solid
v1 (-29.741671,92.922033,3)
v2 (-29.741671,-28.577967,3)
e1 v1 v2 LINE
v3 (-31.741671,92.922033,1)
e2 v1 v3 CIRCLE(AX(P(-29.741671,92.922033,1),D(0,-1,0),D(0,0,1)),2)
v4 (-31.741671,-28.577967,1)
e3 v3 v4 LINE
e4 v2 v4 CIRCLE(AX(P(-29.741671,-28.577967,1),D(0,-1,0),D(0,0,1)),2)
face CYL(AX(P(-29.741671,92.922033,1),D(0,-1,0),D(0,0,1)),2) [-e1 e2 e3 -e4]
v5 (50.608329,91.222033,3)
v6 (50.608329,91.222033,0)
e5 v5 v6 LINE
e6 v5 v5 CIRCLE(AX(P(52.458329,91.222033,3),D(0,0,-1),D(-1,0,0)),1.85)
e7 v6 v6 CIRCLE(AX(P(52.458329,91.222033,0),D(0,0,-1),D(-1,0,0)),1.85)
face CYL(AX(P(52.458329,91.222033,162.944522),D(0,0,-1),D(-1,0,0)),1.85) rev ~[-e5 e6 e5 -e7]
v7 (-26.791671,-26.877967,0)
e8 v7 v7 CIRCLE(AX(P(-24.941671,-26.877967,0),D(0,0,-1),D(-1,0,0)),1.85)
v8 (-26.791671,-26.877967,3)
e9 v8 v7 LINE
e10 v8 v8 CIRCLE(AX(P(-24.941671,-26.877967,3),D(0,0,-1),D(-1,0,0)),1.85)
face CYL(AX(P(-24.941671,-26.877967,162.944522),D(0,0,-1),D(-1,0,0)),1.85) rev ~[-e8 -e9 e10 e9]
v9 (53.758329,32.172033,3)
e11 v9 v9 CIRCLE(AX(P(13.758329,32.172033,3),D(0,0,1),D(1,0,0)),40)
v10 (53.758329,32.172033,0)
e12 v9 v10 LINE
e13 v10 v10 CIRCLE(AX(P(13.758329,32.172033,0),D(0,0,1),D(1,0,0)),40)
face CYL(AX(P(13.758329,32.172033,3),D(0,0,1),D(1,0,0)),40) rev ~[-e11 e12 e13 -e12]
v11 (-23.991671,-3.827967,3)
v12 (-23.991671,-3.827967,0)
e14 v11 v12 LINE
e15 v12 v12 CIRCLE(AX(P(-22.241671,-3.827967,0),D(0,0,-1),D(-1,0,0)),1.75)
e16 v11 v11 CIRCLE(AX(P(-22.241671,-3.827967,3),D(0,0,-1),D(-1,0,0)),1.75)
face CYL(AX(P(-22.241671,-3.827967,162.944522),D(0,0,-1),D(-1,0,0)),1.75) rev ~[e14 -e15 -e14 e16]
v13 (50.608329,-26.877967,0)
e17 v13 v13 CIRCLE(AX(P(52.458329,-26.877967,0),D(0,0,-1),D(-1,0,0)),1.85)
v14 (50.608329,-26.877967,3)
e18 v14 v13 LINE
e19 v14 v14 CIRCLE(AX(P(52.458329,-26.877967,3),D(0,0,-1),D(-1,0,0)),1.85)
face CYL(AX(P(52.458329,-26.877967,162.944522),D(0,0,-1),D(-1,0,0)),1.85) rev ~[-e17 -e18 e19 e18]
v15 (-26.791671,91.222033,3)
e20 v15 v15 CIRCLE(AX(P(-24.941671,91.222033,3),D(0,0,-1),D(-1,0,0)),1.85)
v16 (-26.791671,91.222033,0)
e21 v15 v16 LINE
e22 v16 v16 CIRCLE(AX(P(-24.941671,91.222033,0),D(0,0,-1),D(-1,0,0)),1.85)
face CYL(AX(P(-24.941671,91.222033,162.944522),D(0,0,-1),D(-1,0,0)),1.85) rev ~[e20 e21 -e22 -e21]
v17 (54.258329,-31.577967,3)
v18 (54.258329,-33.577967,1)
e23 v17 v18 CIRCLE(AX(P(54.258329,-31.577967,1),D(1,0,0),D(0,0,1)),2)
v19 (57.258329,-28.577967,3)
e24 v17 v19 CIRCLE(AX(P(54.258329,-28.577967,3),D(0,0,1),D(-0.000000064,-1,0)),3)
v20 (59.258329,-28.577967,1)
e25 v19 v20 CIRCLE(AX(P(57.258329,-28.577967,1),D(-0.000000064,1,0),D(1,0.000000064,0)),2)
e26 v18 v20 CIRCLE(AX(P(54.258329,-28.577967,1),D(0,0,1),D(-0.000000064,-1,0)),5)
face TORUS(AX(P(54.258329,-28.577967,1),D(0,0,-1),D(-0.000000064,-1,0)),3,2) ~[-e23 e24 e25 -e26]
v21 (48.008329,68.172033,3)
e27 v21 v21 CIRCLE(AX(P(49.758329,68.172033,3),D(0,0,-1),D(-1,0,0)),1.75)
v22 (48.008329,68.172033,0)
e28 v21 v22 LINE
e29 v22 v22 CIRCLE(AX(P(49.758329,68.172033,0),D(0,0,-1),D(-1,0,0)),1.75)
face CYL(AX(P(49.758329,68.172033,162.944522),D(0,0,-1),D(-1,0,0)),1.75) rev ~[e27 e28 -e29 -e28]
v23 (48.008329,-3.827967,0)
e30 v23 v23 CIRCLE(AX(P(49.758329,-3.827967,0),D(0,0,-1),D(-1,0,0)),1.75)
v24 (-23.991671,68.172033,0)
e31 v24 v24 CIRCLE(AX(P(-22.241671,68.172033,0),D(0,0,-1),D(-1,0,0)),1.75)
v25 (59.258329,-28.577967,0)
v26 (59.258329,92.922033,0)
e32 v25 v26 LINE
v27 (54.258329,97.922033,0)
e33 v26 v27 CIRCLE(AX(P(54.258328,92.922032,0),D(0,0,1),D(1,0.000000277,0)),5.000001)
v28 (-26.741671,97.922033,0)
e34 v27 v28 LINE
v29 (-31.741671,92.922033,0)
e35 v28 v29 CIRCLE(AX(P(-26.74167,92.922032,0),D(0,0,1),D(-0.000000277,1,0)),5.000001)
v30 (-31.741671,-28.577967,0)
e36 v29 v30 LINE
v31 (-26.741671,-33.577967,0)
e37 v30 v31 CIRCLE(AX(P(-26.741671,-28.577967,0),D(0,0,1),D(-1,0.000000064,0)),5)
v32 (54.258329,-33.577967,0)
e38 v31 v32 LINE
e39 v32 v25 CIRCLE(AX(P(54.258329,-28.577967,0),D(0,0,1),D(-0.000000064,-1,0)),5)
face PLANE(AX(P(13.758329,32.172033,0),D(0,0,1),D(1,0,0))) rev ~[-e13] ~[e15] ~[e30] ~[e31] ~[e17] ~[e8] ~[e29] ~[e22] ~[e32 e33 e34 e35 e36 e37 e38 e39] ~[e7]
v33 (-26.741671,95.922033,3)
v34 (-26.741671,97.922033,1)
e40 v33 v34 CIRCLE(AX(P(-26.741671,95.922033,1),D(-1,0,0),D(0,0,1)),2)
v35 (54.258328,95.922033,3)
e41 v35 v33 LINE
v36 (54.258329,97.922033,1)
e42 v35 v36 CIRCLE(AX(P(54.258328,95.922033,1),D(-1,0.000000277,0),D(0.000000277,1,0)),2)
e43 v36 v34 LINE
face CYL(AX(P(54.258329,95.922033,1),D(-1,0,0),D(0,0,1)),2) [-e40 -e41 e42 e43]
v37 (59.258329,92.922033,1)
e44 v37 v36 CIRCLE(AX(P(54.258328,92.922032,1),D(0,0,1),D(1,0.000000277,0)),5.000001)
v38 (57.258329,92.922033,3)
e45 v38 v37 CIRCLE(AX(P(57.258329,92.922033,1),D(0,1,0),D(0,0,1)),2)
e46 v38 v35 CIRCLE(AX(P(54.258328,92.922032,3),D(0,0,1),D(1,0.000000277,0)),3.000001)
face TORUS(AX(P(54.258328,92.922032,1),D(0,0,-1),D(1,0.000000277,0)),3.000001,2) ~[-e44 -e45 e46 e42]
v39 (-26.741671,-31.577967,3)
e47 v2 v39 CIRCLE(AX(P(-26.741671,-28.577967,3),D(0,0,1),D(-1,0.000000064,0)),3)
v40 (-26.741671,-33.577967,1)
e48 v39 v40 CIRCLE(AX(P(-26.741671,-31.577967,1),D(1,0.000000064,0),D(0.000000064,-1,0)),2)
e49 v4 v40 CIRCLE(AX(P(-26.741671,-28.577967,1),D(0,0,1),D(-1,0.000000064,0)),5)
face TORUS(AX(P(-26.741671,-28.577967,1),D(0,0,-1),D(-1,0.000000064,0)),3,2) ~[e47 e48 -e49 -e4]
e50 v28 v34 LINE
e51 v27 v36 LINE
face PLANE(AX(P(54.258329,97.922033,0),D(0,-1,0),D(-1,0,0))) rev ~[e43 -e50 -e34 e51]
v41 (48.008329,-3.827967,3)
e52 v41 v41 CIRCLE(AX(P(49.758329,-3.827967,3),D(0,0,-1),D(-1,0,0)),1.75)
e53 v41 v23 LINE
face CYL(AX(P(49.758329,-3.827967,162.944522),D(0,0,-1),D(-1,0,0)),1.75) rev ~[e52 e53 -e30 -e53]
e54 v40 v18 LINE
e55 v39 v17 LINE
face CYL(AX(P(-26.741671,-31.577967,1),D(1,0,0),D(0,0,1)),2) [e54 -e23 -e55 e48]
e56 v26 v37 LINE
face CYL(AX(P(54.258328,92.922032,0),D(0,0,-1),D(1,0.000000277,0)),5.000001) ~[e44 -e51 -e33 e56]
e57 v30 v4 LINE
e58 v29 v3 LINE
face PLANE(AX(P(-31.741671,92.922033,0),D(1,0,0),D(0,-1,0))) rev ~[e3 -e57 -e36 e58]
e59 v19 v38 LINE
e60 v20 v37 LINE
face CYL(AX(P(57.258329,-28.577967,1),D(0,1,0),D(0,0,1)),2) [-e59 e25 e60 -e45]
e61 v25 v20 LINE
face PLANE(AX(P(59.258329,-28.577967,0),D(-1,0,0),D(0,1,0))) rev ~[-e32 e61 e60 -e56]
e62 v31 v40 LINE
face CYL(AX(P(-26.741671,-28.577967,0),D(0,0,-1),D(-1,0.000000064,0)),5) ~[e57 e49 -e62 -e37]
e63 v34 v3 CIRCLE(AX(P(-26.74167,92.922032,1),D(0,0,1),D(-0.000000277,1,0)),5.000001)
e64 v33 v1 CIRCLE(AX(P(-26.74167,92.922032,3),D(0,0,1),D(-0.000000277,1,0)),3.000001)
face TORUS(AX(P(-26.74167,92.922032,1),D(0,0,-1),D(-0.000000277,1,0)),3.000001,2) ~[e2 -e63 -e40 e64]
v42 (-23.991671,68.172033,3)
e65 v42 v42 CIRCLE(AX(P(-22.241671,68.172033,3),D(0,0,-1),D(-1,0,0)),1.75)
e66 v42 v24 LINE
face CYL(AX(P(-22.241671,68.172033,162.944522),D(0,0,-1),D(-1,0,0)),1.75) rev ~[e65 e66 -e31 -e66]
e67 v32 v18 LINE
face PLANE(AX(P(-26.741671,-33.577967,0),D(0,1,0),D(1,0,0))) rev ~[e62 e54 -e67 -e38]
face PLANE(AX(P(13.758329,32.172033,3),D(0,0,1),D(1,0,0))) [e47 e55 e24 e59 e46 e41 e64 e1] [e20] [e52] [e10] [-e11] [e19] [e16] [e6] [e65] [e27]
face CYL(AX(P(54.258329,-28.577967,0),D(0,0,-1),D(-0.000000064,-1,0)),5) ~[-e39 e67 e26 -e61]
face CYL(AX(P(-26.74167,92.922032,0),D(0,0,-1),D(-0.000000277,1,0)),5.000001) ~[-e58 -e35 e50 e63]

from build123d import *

# Parameters (mm, degrees)
F1_DEPTH = 3
F3_D     = 3.7
F5_R     = 40
F6_DEPTH = 25
F7_R     = 2
F8_D     = 3.5


with BuildPart() as f1:
    # F0 (on Top) → F1 (new body)
    with BuildSketch(Plane.XY):
        with BuildLine():
            Line((-26.741671, -33.577967), (54.258329, -33.577967))
            ThreePointArc((54.258329, -33.577967), (57.793863, -32.113501), (59.258329, -28.577967))
            Line((59.258329, -28.577967), (59.258329, 92.922033))
            ThreePointArc((59.258329, 92.922033), (57.793863, 96.457566), (54.258329, 97.922033))
            Line((54.258329, 97.922033), (-26.741671, 97.922033))
            ThreePointArc((-26.741671, 97.922033), (-30.277205, 96.457566), (-31.741671, 92.922033))
            Line((-31.741671, 92.922033), (-31.741671, -28.577967))
            ThreePointArc((-31.741671, -28.577967), (-30.277205, -32.113501), (-26.741671, -33.577967))
        make_face()
    extrude(amount=F1_DEPTH)

    # F3 (through all)
    with Locations(Plane.XY.offset(3)):
        with Locations((-24.941671, 91.222033), (52.458329, 91.222033), (52.458329, -26.877967), (-24.941671, -26.877967)):
            Hole(F3_D / 2)

    # F5 (on face) → F6 (cut)
    with BuildSketch(Plane.XY.offset(3)):
        with Locations((13.758329, 32.172033)):
            Circle(F5_R)
    extrude(amount=-F6_DEPTH, mode=Mode.SUBTRACT)

    # F7
    f7_edges = [f1.edges().sort_by_distance(p)[0] for p in [
        (-31.741671, 32.172033, 3),
        (13.758329, 97.922033, 3),
    ]]
    fillet(f7_edges, radius=F7_R)

    # F8 (through all)
    with Locations(Plane.XY.offset(3)):
        with Locations((-22.241671, 68.172033), (49.758329, 68.172033), (49.758329, -3.827967), (-22.241671, -3.827967)):
            Hole(F8_D / 2)


solid = f1.part
